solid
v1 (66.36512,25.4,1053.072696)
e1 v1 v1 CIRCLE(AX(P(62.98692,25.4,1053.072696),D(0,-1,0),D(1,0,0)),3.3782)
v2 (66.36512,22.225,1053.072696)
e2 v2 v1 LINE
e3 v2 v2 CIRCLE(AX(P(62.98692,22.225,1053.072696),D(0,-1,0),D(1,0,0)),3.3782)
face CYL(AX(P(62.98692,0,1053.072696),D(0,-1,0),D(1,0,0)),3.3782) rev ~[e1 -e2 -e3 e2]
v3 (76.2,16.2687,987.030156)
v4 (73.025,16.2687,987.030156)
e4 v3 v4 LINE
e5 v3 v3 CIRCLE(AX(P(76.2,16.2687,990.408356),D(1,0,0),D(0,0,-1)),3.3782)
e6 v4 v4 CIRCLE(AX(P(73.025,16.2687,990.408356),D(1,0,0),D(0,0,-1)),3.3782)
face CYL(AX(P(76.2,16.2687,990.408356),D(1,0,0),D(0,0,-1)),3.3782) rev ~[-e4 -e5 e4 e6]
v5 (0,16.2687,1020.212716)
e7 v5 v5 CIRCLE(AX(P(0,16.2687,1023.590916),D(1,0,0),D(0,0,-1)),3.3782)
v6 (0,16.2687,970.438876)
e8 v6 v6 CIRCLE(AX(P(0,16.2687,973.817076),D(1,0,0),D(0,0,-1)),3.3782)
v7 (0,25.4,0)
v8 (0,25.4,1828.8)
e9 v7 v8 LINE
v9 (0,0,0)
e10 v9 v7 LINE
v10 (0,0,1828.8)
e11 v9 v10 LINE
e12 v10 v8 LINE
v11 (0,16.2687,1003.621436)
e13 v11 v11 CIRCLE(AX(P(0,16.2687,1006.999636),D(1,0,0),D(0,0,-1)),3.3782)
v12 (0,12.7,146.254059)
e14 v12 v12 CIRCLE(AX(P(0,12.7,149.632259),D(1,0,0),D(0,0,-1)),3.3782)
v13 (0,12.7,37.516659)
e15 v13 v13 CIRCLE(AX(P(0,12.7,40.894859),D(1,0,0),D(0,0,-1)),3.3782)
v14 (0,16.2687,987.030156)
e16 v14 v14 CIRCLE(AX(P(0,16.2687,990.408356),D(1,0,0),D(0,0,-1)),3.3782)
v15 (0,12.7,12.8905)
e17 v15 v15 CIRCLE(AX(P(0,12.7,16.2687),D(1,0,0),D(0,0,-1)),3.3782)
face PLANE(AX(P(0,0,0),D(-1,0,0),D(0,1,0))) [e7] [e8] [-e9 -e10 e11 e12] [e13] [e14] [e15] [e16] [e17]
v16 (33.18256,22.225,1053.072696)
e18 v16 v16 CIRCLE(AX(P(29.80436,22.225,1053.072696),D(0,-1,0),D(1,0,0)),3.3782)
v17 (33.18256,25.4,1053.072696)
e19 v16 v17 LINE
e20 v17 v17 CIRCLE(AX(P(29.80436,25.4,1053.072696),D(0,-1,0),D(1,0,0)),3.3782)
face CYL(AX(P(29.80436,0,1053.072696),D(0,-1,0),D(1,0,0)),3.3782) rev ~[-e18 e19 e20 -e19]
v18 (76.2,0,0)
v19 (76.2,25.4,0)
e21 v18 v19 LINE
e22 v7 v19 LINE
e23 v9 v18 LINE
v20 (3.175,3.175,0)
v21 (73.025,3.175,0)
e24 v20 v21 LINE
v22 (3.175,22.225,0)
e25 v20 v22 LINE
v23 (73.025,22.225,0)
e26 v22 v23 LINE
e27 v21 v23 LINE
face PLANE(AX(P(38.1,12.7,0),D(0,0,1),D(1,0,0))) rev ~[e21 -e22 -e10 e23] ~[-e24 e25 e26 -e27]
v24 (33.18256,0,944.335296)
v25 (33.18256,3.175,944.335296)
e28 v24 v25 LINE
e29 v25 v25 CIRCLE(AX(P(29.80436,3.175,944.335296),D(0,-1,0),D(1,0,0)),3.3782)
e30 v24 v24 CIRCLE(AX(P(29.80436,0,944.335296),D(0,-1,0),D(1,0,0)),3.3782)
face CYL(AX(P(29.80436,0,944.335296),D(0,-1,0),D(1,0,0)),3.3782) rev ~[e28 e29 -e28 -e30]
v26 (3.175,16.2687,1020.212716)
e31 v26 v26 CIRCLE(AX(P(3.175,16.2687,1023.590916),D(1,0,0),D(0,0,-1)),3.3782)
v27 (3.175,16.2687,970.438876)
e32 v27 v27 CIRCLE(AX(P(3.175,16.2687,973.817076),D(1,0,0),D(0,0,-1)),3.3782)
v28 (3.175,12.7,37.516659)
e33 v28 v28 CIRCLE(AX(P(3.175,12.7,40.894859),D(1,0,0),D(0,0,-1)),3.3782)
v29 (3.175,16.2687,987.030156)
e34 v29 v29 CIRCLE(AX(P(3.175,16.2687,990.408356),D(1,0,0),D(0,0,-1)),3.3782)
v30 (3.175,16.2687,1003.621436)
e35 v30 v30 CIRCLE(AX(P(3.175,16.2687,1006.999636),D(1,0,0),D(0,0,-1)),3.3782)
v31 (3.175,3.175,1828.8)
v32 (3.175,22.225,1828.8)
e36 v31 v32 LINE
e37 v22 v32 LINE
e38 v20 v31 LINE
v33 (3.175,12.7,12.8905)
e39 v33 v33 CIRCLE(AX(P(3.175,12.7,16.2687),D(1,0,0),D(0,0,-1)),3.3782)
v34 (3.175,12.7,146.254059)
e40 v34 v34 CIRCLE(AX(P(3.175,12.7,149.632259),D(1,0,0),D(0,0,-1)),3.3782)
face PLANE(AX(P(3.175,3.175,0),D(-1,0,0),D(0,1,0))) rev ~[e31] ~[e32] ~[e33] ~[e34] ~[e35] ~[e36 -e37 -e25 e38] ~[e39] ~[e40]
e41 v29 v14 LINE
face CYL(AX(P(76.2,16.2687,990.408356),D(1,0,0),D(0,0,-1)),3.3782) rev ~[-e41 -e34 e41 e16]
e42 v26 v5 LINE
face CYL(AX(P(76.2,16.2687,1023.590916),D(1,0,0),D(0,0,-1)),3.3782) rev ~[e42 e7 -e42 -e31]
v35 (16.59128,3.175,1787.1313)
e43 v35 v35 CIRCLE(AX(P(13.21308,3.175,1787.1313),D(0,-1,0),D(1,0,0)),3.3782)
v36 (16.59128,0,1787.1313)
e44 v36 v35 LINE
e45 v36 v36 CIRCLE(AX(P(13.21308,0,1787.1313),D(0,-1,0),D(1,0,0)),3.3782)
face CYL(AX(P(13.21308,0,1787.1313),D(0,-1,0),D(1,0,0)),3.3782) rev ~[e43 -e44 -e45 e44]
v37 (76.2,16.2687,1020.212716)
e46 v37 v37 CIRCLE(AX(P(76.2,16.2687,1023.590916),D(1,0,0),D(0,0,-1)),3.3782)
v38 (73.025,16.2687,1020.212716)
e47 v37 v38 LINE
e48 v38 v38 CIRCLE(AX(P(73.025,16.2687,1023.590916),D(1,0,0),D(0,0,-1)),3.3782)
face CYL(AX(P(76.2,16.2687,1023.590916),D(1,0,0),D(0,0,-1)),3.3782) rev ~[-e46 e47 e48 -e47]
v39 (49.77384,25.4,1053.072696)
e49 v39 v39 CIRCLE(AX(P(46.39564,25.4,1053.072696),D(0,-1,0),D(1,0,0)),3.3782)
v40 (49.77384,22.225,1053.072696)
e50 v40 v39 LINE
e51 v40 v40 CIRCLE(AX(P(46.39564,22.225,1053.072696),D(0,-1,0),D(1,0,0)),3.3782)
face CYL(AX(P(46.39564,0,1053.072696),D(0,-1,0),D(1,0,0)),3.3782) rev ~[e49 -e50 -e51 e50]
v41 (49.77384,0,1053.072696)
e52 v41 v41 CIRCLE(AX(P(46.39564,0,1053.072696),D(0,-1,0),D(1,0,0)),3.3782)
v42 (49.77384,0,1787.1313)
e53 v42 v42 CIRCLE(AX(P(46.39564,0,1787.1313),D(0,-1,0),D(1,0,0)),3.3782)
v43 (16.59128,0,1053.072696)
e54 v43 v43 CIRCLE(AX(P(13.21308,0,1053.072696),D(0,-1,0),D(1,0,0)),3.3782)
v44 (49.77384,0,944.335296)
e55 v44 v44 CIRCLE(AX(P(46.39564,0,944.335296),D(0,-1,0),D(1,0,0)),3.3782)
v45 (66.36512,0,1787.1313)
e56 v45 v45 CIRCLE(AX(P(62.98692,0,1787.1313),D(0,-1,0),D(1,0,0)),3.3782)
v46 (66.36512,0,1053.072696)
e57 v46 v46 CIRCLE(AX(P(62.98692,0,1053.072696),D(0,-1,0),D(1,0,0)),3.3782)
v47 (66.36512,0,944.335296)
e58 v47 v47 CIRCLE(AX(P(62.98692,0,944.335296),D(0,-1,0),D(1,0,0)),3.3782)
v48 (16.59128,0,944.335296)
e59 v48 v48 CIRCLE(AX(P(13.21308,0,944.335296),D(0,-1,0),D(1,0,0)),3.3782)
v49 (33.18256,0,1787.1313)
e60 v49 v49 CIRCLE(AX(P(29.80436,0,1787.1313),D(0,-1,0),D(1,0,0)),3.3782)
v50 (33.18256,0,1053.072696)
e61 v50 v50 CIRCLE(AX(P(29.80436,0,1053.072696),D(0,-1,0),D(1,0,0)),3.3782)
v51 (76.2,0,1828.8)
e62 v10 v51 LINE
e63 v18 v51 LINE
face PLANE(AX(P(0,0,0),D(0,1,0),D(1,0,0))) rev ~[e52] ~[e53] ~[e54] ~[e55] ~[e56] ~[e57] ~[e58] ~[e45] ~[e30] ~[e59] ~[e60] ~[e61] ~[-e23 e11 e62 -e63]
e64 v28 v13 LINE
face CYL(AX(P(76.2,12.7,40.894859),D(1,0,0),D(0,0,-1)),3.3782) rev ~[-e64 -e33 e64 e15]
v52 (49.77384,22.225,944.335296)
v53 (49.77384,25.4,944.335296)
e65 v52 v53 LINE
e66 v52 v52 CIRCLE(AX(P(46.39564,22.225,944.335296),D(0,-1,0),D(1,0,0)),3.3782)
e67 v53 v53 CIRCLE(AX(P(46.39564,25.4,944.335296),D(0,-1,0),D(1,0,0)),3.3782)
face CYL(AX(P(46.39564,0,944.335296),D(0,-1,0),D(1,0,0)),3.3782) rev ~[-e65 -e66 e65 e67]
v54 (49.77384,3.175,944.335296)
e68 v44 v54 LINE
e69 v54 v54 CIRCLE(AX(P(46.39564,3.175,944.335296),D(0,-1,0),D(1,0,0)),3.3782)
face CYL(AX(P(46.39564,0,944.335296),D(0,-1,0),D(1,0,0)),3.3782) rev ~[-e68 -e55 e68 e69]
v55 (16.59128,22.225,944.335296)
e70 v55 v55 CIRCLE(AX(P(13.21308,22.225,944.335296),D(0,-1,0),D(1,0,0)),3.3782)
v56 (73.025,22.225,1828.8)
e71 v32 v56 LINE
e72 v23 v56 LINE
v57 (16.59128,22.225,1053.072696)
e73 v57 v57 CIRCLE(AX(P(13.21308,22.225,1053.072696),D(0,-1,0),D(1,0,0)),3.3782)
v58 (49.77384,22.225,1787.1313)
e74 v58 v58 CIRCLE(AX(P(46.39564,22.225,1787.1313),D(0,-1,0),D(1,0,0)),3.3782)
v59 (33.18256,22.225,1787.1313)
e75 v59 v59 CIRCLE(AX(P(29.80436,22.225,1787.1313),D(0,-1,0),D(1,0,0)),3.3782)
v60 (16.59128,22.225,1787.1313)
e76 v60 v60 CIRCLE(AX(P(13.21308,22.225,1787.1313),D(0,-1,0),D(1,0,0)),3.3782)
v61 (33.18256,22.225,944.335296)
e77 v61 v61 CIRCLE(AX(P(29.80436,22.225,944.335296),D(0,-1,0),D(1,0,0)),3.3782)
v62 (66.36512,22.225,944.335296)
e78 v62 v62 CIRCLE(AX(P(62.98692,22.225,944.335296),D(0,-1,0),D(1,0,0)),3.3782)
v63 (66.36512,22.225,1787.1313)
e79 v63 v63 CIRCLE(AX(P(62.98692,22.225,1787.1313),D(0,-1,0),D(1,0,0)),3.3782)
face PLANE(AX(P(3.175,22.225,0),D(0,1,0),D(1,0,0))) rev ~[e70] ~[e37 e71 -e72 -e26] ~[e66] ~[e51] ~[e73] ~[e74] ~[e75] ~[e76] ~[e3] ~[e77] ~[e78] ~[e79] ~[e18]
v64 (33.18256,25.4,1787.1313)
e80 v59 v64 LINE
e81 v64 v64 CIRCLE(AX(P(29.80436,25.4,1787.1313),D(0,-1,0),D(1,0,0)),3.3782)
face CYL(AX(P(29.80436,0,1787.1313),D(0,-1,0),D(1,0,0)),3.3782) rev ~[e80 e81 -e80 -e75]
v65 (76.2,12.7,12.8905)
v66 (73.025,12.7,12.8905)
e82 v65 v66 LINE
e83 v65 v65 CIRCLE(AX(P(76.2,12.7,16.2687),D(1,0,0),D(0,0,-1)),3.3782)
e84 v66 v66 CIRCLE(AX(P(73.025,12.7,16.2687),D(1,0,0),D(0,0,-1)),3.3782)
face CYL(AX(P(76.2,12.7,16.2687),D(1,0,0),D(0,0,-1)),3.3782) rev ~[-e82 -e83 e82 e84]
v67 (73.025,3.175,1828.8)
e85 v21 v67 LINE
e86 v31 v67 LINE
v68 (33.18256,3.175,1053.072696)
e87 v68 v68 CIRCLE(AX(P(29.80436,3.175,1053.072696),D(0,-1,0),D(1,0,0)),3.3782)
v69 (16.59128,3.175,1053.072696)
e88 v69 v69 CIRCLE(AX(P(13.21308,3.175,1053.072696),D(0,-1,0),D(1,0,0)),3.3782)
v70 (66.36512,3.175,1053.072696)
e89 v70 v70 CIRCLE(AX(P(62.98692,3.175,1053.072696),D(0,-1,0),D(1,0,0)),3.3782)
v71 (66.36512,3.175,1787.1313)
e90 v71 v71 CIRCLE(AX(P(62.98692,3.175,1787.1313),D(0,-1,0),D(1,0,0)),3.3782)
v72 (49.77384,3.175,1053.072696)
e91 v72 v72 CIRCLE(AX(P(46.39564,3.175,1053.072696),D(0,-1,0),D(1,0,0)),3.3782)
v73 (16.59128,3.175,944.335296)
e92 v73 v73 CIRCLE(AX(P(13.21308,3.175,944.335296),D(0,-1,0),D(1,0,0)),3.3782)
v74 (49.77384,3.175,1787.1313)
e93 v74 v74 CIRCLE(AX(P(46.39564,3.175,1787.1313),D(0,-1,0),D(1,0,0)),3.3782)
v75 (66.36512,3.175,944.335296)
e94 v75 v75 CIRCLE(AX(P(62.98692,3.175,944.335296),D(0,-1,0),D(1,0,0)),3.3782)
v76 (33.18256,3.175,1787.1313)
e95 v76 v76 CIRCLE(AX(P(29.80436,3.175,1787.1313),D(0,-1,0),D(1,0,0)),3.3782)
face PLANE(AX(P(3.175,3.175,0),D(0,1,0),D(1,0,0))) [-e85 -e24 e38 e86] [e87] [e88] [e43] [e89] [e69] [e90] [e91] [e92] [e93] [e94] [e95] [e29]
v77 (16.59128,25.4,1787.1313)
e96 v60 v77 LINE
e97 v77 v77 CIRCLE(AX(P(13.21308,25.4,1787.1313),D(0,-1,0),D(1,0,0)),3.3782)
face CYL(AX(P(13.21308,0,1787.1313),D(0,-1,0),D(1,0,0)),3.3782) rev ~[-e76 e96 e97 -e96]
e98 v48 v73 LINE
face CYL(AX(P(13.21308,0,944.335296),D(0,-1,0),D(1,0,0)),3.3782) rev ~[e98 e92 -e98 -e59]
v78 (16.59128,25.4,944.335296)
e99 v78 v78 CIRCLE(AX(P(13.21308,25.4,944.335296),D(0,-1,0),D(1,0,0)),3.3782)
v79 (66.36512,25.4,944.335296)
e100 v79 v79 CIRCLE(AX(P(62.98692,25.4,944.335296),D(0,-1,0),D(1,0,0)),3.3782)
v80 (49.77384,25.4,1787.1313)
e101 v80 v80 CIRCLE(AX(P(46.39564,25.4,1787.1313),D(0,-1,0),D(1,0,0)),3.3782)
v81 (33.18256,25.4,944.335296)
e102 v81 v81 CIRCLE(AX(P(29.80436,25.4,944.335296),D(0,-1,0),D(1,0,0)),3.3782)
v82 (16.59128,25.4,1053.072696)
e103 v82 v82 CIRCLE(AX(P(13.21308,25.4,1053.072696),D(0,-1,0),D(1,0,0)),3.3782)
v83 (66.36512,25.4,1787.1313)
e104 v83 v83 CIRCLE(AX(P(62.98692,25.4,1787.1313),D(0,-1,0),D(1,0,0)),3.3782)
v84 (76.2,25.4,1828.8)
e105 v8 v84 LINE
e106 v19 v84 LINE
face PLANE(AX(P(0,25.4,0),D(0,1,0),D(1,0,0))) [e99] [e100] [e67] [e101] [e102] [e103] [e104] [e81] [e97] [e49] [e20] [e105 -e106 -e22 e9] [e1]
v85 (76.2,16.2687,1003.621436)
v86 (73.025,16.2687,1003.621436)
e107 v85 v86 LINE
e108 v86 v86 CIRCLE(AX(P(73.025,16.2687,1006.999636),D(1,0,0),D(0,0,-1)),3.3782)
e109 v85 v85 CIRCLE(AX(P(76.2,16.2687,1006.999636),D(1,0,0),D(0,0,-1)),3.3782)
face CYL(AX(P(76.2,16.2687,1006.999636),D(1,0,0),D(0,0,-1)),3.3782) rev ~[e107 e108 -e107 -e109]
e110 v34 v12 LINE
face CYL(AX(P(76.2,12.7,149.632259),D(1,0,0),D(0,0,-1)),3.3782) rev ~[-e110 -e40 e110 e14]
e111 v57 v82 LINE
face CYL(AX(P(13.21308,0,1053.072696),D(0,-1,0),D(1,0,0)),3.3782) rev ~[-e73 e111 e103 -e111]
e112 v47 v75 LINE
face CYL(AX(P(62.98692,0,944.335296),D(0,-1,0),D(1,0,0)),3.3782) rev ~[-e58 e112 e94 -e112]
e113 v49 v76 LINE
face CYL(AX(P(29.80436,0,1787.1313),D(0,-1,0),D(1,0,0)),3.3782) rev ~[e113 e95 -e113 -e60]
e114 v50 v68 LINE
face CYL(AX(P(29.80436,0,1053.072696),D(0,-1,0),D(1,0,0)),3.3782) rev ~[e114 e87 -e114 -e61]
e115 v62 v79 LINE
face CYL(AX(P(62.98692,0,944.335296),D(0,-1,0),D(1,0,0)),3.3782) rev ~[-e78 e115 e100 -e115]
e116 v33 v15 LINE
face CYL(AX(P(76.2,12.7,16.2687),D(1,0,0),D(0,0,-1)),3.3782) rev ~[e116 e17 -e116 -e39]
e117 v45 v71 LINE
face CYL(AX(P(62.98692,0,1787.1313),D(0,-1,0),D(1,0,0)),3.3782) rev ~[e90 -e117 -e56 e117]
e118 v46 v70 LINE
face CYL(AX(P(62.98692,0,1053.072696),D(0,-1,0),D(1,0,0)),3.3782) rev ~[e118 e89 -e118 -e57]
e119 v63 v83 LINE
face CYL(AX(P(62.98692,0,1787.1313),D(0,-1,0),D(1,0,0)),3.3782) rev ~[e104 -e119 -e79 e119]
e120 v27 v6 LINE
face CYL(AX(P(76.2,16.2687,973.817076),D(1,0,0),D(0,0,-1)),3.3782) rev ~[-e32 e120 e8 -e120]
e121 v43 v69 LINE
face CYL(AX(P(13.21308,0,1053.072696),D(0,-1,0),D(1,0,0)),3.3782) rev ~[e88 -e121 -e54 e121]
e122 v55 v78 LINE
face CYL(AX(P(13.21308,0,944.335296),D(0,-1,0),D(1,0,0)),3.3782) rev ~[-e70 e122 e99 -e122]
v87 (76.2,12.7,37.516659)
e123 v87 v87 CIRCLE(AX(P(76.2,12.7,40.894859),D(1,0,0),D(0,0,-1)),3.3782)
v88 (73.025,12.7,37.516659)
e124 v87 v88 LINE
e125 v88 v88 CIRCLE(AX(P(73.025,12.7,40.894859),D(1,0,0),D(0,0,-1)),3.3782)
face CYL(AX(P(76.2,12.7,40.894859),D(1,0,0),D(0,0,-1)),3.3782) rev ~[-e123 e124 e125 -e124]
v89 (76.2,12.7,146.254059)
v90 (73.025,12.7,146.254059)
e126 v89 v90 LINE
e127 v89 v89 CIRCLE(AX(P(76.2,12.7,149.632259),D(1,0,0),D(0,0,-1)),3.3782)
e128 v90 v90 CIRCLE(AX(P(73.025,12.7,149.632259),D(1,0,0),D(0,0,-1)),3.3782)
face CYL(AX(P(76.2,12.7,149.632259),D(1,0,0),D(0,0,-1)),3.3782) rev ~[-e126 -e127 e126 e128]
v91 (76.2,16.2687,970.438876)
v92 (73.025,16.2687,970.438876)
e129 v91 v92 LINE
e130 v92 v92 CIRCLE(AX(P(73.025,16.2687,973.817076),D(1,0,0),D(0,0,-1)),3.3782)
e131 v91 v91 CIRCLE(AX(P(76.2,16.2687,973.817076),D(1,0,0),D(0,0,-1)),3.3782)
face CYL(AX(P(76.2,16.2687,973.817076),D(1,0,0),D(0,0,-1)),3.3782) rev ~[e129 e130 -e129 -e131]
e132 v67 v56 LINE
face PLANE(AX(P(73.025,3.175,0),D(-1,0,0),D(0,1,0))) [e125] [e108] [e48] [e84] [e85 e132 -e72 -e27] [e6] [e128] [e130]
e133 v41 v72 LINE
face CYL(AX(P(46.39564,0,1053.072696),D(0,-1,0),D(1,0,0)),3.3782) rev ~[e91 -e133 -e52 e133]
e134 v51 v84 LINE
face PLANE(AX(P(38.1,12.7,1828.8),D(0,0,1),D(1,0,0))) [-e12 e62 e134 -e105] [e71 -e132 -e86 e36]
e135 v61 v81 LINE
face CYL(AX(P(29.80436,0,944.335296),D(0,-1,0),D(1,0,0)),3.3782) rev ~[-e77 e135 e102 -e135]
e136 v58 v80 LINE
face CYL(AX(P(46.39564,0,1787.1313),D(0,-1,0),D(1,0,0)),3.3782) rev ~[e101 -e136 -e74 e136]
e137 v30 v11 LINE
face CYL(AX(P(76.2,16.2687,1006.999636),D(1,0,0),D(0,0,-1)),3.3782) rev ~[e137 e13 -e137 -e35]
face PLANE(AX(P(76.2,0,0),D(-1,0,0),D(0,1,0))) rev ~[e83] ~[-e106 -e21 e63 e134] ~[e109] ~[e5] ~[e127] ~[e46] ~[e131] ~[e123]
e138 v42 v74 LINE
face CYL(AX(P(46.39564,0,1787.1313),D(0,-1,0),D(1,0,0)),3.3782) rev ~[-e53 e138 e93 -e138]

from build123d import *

# Parameters (mm, degrees)
SKETCH1_W           = 76.2
SKETCH1_H           = 25.4
SKETCH1_W_2         = 69.85
SKETCH1_H_2         = 19.05
BOSS_EXTRUDE1_DEPTH = 1828.8
SKETCH3_R           = 3.3782
CUT_EXTRUDE1_DEPTH  = 26.4
SKETCH4_R           = 3.3782
CUT_EXTRUDE2_DEPTH  = 77.2
SKETCH5_R           = 3.3782
CUT_EXTRUDE3_DEPTH  = 26.4
SKETCH6_R           = 3.3782
CUT_EXTRUDE4_DEPTH  = 26.4
SKETCH7_R           = 3.3782
CUT_EXTRUDE5_DEPTH  = 77.2


with BuildPart() as part:
    # Sketch1 → Boss-Extrude1 (new body)
    with BuildSketch(Plane.XY):
        with Locations((38.1, 12.7)):
            Rectangle(SKETCH1_W, SKETCH1_H)
        with Locations((38.1, 12.7)):
            Rectangle(SKETCH1_W_2, SKETCH1_H_2, mode=Mode.SUBTRACT)
    extrude(amount=BOSS_EXTRUDE1_DEPTH)

    # Sketch3 → Cut-Extrude1 (cut, through all)
    with BuildSketch(Plane.XZ):
        with Locations((13.21308, 1787.1313)):
            Circle(SKETCH3_R)
        with Locations((29.80436, 1787.1313)):
            Circle(SKETCH3_R)
        with Locations((46.39564, 1787.1313)):
            Circle(SKETCH3_R)
        with Locations((62.98692, 1787.1313)):
            Circle(SKETCH3_R)
    extrude(amount=-CUT_EXTRUDE1_DEPTH, mode=Mode.SUBTRACT)

    # Sketch4 → Cut-Extrude2 (cut, through all)
    with BuildSketch(Plane(origin=(76.2, 0, 0), x_dir=(0, 0, -1), z_dir=(1, 0, 0))):
        with Locations((-1023.590915732, 16.2687)):
            Circle(SKETCH4_R)
        with Locations((-1006.999635732, 16.2687)):
            Circle(SKETCH4_R)
        with Locations((-990.408355732, 16.2687)):
            Circle(SKETCH4_R)
        with Locations((-973.817075732, 16.2687)):
            Circle(SKETCH4_R)
    extrude(amount=-CUT_EXTRUDE2_DEPTH, mode=Mode.SUBTRACT)

    # Sketch5 → Cut-Extrude3 (cut, through all)
    with BuildSketch(Plane.XZ):
        with Locations((13.21308, 1053.072695732)):
            Circle(SKETCH5_R)
        with Locations((29.80436, 1053.072695732)):
            Circle(SKETCH5_R)
        with Locations((46.39564, 1053.072695732)):
            Circle(SKETCH5_R)
        with Locations((62.98692, 1053.072695732)):
            Circle(SKETCH5_R)
    extrude(amount=-CUT_EXTRUDE3_DEPTH, mode=Mode.SUBTRACT)

    # Sketch6 → Cut-Extrude4 (cut, through all)
    with BuildSketch(Plane.XZ):
        with Locations((13.21308, 944.335295732)):
            Circle(SKETCH6_R)
        with Locations((46.39564, 944.335295732)):
            Circle(SKETCH6_R)
        with Locations((62.98692, 944.335295732)):
            Circle(SKETCH6_R)
        with Locations((29.80436, 944.335295732)):
            Circle(SKETCH6_R)
    extrude(amount=-CUT_EXTRUDE4_DEPTH, mode=Mode.SUBTRACT)

    # Sketch7 → Cut-Extrude5 (cut, through all)
    with BuildSketch(Plane(origin=(76.2, 0, 0), x_dir=(0, 0, -1), z_dir=(1, 0, 0))):
        with Locations((-16.2687, 12.7)):
            Circle(SKETCH7_R)
        with Locations((-40.894858719, 12.7)):
            Circle(SKETCH7_R)
        with Locations((-149.632258719, 12.7)):
            Circle(SKETCH7_R)
    extrude(amount=-CUT_EXTRUDE5_DEPTH, mode=Mode.SUBTRACT)


solid = part.part
